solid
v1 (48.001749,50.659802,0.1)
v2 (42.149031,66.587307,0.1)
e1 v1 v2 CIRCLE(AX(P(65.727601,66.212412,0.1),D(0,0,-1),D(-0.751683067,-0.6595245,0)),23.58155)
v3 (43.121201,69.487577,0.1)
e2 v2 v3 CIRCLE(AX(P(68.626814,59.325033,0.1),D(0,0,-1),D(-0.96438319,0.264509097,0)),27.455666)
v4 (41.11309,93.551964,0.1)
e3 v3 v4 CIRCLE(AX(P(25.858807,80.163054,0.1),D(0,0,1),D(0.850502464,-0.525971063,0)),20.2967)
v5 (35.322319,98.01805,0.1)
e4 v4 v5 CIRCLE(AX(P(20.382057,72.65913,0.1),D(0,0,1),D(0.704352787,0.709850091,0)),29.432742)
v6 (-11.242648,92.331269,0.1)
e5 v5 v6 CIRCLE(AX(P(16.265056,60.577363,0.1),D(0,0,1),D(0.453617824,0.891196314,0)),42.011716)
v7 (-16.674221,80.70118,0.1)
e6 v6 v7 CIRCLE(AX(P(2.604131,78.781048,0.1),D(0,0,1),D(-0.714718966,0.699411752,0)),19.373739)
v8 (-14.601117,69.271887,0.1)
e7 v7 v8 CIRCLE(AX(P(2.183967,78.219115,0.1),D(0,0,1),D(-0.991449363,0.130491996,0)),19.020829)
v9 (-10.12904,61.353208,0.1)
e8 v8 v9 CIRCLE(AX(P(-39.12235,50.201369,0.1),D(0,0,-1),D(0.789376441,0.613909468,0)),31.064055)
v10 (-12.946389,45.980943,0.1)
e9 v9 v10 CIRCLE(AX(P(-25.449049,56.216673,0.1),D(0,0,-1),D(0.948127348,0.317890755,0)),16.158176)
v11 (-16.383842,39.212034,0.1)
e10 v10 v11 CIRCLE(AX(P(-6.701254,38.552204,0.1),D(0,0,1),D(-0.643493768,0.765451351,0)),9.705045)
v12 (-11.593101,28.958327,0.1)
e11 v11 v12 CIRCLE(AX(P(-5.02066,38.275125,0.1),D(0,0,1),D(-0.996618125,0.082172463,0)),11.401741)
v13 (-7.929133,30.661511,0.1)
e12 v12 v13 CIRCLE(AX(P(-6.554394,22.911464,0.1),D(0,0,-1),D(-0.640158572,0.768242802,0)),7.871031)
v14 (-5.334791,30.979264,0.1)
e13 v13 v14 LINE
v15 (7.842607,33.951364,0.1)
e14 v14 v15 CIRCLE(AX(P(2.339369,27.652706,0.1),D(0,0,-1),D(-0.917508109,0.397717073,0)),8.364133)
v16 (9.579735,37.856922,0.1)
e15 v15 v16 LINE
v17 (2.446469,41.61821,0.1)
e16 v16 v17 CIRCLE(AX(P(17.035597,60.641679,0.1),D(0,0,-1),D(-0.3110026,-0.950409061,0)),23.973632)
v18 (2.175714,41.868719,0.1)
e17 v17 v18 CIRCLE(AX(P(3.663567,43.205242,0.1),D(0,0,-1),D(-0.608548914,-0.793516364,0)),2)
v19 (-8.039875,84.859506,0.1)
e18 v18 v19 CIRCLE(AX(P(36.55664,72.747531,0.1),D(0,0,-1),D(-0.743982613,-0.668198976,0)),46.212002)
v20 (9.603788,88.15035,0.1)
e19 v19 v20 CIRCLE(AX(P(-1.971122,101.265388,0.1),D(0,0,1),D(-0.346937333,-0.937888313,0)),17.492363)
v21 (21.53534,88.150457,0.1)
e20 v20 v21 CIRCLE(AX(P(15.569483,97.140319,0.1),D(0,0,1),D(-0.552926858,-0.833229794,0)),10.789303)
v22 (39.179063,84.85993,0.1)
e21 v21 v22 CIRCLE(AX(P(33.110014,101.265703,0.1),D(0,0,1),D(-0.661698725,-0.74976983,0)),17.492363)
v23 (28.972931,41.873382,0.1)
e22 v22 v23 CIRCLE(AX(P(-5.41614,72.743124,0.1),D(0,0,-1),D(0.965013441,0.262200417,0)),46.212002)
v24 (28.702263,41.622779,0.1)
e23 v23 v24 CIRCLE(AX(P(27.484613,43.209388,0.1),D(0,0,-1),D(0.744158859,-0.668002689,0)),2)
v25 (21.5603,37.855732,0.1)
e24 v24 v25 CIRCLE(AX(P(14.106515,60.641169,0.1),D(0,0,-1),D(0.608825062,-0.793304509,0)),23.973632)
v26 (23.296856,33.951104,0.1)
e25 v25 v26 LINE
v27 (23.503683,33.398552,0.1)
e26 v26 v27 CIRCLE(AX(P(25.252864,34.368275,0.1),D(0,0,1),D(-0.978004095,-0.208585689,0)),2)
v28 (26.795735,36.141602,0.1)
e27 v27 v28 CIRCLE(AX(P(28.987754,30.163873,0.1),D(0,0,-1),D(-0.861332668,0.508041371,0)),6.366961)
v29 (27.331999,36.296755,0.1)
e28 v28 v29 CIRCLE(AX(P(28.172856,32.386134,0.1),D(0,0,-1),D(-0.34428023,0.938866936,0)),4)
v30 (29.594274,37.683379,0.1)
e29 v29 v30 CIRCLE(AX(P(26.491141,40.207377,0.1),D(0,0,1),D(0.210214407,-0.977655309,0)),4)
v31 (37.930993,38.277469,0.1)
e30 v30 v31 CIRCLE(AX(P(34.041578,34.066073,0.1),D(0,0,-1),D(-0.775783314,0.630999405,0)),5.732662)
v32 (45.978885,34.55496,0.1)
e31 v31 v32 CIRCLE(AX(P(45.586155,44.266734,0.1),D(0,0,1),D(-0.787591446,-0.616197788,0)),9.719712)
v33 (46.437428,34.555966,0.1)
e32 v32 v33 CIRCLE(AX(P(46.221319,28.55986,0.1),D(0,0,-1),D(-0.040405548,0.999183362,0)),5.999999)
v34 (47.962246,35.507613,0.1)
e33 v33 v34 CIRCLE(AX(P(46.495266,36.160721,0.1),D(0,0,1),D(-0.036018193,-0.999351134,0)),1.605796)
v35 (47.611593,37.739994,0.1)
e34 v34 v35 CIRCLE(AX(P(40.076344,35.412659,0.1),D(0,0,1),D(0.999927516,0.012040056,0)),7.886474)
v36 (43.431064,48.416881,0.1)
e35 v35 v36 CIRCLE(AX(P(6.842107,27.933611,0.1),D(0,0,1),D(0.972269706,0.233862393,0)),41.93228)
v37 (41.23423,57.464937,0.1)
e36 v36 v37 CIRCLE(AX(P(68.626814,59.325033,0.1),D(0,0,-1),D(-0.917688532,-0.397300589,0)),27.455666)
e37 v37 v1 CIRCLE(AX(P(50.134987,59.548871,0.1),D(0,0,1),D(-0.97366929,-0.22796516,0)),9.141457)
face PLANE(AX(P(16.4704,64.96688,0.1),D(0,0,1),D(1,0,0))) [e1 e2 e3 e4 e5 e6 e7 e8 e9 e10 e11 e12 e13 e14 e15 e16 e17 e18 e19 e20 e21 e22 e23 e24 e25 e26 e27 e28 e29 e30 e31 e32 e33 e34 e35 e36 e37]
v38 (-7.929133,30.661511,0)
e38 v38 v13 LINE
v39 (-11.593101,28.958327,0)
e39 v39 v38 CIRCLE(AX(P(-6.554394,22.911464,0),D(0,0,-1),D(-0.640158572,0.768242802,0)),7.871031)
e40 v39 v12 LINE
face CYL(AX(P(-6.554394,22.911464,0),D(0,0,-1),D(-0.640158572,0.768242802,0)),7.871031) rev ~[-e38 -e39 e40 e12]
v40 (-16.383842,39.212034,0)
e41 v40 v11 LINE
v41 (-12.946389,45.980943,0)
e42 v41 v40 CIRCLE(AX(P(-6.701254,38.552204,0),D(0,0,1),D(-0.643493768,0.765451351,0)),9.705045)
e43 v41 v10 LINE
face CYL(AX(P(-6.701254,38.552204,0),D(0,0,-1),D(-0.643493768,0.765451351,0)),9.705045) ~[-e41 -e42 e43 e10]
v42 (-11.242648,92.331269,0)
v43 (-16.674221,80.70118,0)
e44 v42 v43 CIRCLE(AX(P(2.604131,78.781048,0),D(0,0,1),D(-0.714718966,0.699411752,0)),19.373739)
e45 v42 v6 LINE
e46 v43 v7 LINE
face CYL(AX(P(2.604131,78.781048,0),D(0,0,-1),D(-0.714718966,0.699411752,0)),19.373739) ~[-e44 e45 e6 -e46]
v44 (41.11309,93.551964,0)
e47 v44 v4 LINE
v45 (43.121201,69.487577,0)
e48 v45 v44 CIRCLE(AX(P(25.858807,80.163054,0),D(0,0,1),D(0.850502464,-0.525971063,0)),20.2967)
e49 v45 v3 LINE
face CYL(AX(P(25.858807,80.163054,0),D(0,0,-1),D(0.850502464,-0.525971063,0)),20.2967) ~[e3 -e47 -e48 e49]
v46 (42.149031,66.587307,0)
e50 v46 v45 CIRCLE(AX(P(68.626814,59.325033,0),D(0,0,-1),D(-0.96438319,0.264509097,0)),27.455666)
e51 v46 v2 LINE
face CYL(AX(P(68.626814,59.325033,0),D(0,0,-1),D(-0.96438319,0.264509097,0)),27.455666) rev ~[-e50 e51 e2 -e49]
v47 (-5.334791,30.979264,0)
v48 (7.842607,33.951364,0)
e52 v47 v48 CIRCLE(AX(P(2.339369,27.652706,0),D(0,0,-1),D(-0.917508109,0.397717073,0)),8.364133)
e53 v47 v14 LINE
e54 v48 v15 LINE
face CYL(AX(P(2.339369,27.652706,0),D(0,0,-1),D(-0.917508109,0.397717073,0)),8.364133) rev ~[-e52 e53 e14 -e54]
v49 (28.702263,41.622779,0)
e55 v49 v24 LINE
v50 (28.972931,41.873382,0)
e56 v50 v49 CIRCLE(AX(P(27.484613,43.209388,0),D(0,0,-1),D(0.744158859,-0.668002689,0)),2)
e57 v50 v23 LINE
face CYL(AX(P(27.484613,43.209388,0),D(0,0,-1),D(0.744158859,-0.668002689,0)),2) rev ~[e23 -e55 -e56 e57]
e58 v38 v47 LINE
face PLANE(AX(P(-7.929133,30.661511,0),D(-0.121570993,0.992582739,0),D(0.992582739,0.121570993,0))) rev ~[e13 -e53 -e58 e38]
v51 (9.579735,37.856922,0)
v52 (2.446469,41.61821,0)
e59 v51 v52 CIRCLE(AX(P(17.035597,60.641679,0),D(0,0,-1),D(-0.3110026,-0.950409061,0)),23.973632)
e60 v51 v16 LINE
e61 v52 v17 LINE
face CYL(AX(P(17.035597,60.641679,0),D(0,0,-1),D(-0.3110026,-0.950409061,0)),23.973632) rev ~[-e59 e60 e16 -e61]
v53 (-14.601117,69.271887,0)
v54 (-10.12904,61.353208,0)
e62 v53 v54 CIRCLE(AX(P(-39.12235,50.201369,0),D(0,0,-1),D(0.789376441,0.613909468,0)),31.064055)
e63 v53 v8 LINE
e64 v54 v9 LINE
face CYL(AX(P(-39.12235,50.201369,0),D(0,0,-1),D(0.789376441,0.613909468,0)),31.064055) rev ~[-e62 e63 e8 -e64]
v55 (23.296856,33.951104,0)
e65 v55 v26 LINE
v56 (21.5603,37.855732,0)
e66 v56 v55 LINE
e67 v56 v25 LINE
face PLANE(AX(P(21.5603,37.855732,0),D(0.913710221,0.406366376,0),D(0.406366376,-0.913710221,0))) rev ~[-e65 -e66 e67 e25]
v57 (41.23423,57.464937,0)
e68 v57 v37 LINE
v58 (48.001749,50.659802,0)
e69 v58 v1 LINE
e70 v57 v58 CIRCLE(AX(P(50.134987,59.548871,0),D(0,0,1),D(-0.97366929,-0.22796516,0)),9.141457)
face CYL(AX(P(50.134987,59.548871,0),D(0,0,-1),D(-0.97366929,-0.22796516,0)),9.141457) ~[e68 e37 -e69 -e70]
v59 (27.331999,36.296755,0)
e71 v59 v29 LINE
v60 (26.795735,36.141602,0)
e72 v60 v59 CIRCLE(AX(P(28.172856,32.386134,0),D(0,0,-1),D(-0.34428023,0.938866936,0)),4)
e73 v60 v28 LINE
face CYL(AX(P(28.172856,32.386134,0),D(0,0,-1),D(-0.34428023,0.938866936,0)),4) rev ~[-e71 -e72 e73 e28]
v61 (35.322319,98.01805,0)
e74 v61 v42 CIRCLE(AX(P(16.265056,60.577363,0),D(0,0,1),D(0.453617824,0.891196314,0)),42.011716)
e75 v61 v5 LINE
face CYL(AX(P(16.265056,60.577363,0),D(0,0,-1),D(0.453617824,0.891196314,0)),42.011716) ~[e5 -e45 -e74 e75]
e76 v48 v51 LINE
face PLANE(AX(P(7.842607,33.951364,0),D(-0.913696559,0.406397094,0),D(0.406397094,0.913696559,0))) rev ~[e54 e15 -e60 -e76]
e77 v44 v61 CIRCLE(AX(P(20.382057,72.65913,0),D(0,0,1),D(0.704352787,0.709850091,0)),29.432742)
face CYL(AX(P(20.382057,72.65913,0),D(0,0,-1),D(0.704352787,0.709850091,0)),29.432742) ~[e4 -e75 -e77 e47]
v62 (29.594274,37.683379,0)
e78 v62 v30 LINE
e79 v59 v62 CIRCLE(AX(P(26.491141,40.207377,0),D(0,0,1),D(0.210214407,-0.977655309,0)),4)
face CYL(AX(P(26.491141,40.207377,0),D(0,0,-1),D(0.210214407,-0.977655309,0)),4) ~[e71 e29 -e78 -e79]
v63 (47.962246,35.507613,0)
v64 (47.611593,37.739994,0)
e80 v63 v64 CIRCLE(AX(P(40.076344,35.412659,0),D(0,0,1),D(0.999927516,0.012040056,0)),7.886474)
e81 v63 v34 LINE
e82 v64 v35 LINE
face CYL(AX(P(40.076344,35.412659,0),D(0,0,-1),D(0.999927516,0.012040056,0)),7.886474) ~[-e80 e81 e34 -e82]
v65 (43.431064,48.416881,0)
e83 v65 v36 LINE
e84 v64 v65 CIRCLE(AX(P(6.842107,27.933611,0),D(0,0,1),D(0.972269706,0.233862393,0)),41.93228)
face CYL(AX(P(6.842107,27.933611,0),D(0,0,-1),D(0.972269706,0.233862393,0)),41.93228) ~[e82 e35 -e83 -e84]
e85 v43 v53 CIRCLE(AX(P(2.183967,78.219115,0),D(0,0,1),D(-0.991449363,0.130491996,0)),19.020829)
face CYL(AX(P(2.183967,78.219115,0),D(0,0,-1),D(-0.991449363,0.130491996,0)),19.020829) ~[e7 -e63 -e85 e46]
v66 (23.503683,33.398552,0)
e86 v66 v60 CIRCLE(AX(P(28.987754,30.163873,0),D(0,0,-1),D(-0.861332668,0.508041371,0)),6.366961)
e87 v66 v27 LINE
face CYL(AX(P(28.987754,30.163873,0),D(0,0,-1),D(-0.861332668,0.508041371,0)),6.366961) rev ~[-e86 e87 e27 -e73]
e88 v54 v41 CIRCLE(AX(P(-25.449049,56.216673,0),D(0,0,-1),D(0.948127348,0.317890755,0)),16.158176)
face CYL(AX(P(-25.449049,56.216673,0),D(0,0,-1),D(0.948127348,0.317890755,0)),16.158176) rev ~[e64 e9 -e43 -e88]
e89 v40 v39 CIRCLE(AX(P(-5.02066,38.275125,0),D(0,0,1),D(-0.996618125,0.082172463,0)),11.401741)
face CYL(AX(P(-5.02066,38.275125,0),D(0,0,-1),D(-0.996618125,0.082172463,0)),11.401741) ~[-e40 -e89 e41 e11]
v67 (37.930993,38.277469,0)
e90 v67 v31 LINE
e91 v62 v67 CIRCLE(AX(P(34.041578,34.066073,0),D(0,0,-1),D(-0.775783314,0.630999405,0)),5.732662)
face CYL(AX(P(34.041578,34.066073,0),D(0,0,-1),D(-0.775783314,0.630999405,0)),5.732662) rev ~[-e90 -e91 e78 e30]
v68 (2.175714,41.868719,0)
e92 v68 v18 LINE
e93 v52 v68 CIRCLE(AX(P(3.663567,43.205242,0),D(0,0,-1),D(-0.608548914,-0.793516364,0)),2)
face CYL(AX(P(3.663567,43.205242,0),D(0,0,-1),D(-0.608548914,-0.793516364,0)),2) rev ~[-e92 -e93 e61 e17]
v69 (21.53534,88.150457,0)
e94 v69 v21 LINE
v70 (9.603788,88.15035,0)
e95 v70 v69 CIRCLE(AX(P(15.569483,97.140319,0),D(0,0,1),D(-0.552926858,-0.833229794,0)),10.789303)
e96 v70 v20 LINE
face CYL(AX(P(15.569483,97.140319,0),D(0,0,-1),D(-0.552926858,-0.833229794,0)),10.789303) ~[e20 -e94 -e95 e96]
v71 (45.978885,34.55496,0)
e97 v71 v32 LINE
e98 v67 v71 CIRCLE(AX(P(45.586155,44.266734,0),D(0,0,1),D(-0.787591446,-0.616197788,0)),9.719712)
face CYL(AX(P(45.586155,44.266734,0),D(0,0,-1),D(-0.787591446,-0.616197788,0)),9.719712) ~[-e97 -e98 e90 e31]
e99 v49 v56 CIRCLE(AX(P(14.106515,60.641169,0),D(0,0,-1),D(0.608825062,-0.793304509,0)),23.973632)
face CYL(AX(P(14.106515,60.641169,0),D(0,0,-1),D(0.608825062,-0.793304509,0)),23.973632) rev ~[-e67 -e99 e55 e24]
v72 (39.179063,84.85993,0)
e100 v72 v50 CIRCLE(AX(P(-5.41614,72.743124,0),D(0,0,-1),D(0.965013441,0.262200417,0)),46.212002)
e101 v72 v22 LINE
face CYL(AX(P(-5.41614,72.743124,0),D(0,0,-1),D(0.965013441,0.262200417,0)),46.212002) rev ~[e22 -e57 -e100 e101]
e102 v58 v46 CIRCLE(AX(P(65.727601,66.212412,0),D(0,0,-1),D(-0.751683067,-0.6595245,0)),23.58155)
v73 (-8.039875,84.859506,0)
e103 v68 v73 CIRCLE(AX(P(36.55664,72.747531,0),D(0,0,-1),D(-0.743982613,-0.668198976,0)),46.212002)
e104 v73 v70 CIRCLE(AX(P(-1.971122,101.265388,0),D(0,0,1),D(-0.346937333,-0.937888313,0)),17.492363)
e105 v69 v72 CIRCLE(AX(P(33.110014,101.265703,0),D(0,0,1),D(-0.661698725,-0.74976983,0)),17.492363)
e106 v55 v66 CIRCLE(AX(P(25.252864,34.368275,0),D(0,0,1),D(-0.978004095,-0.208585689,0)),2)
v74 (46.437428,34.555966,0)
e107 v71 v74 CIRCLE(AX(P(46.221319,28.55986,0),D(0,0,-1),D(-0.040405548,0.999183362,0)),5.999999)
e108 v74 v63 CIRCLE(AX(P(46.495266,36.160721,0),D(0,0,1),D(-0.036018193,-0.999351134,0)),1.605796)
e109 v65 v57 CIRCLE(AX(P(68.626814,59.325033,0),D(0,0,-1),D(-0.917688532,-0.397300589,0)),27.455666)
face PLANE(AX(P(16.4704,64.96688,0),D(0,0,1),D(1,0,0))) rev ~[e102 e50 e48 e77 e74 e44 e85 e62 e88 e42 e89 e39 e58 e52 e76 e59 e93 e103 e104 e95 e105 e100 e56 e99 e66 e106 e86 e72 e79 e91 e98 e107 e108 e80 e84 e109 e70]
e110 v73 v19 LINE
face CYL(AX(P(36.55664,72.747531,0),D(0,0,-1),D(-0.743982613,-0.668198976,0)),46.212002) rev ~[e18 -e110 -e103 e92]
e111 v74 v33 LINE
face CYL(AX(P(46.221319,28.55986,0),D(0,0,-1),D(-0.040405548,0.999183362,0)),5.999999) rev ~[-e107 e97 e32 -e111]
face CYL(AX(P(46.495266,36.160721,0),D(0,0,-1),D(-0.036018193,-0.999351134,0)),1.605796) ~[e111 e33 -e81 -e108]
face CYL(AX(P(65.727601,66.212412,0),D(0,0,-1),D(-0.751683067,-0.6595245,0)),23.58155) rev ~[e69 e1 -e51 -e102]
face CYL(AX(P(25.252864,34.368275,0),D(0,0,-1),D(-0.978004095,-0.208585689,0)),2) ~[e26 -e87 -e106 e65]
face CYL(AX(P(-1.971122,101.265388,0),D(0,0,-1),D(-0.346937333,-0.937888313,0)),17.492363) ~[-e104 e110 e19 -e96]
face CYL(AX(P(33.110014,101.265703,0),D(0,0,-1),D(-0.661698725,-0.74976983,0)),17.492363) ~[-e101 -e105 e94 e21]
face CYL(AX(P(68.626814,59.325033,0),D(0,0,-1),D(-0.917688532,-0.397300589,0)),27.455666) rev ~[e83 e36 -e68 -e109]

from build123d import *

# Parameters (mm, degrees)
SALIENTE_EXTRUIR1_DEPTH = 0.1


with BuildPart() as part:
    # Model → Saliente-Extruir1 (new body)
    with BuildSketch(Plane.XY):
        with BuildLine():
            Line((7.842607398, 33.951363828), (9.579734894, 37.856921812))
            ThreePointArc((9.579734894, 37.856921812), (5.853816343, 39.435481261), (2.446469011, 41.618209633))
            ThreePointArc((2.446469011, 41.618209633), (2.30530398, 41.73720898), (2.175714205, 41.868719058))
            ThreePointArc((2.175714205, 41.868719058), (-8.403464325, 62.063986958), (-8.03987526, 84.859505528))
            ThreePointArc((-8.03987526, 84.859505528), (1.236190849, 84.069577534), (9.603788078, 88.150350168))
            ThreePointArc((9.603788078, 88.150350168), (15.569580386, 86.351015884), (21.535340373, 88.150457325))
            ThreePointArc((21.535340373, 88.150457325), (29.9030109, 84.069834991), (39.179062819, 84.859929602))
            ThreePointArc((39.179062819, 84.859929602), (39.545951554, 62.067945489), (28.972930685, 41.873382438))
            ThreePointArc((28.972930685, 41.873382438), (28.843386689, 41.741827264), (28.702263084, 41.622778791))
            ThreePointArc((28.702263084, 41.622778791), (25.291019086, 39.436407853), (21.560299513, 37.855732375))
            Line((21.560299513, 37.855732375), (23.296856275, 33.951104051))
            ThreePointArc((23.296856275, 33.951104051), (23.379782362, 33.667159579), (23.503682681, 33.398552226))
            ThreePointArc((23.503682681, 33.398552226), (24.91201243, 35.055347002), (26.795735375, 36.141601796))
            ThreePointArc((26.795735375, 36.141601796), (27.061156988, 36.22854536), (27.331998678, 36.296755293))
            ThreePointArc((27.331998678, 36.296755293), (28.581463341, 36.797016912), (29.594274303, 37.683378907))
            ThreePointArc((29.594274303, 37.683378907), (33.634090695, 39.784233724), (37.930992822, 38.277469126))
            ThreePointArc((37.930992822, 38.277469126), (41.505714026, 35.445010711), (45.978885302, 34.554959535))
            ThreePointArc((45.978885302, 34.554959535), (46.208146888, 34.559844902), (46.437427714, 34.555966165))
            ThreePointArc((46.437427714, 34.555966165), (47.345458783, 34.798460155), (47.962246093, 35.507612586))
            ThreePointArc((47.962246093, 35.507612586), (47.867291161, 36.636427891), (47.611593039, 37.739994337))
            ThreePointArc((47.611593039, 37.739994337), (45.887992379, 43.222004619), (43.431064267, 48.416880961))
            ThreePointArc((43.431064267, 48.416880961), (41.946296228, 52.847104425), (41.234230474, 57.46493708))
            ThreePointArc((41.234230474, 57.46493708), (43.653110533, 53.102823777), (48.0017493, 50.65980227))
            ThreePointArc((48.0017493, 50.65980227), (43.593122133, 58.078880454), (42.149031339, 66.587306652))
            ThreePointArc((42.149031339, 66.587306652), (42.59469449, 68.050991275), (43.121201087, 69.487577202))
            ThreePointArc((43.121201087, 69.487577202), (46.085206987, 81.850895157), (41.113090097, 93.551964146))
            ThreePointArc((41.113090097, 93.551964146), (38.356950801, 95.965555009), (35.322319177, 98.018049973))
            ThreePointArc((35.322319177, 98.018049973), (11.172182801, 102.279245092), (-11.242648027, 92.331268928))
            ThreePointArc((-11.242648027, 92.331268928), (-14.949595702, 86.979124351), (-16.674221293, 80.701180482))
            ThreePointArc((-16.674221293, 80.701180482), (-16.531478417, 74.824409953), (-14.601116723, 69.271887003))
            ThreePointArc((-14.601116723, 69.271887003), (-12.073727961, 65.477087664), (-10.129040046, 61.353207829))
            ThreePointArc((-10.129040046, 61.353207829), (-9.555595879, 53.303802947), (-12.946389483, 45.980943128))
            ThreePointArc((-12.946389483, 45.980943128), (-15.354439926, 42.946547728), (-16.383842014, 39.212033874))
            ThreePointArc((-16.383842014, 39.212033874), (-15.350532825, 33.44879775), (-11.593101389, 28.958327007))
            ThreePointArc((-11.593101389, 28.958327007), (-9.872267141, 30.049029711), (-7.929133035, 30.661510518))
            Line((-7.929133035, 30.661510518), (-5.334790759, 30.979264145))
            ThreePointArc((-5.334790759, 30.979264145), (0.499105837, 35.811881702), (7.842607398, 33.951363828))
        make_face()
    extrude(amount=SALIENTE_EXTRUIR1_DEPTH)


solid = part.part
